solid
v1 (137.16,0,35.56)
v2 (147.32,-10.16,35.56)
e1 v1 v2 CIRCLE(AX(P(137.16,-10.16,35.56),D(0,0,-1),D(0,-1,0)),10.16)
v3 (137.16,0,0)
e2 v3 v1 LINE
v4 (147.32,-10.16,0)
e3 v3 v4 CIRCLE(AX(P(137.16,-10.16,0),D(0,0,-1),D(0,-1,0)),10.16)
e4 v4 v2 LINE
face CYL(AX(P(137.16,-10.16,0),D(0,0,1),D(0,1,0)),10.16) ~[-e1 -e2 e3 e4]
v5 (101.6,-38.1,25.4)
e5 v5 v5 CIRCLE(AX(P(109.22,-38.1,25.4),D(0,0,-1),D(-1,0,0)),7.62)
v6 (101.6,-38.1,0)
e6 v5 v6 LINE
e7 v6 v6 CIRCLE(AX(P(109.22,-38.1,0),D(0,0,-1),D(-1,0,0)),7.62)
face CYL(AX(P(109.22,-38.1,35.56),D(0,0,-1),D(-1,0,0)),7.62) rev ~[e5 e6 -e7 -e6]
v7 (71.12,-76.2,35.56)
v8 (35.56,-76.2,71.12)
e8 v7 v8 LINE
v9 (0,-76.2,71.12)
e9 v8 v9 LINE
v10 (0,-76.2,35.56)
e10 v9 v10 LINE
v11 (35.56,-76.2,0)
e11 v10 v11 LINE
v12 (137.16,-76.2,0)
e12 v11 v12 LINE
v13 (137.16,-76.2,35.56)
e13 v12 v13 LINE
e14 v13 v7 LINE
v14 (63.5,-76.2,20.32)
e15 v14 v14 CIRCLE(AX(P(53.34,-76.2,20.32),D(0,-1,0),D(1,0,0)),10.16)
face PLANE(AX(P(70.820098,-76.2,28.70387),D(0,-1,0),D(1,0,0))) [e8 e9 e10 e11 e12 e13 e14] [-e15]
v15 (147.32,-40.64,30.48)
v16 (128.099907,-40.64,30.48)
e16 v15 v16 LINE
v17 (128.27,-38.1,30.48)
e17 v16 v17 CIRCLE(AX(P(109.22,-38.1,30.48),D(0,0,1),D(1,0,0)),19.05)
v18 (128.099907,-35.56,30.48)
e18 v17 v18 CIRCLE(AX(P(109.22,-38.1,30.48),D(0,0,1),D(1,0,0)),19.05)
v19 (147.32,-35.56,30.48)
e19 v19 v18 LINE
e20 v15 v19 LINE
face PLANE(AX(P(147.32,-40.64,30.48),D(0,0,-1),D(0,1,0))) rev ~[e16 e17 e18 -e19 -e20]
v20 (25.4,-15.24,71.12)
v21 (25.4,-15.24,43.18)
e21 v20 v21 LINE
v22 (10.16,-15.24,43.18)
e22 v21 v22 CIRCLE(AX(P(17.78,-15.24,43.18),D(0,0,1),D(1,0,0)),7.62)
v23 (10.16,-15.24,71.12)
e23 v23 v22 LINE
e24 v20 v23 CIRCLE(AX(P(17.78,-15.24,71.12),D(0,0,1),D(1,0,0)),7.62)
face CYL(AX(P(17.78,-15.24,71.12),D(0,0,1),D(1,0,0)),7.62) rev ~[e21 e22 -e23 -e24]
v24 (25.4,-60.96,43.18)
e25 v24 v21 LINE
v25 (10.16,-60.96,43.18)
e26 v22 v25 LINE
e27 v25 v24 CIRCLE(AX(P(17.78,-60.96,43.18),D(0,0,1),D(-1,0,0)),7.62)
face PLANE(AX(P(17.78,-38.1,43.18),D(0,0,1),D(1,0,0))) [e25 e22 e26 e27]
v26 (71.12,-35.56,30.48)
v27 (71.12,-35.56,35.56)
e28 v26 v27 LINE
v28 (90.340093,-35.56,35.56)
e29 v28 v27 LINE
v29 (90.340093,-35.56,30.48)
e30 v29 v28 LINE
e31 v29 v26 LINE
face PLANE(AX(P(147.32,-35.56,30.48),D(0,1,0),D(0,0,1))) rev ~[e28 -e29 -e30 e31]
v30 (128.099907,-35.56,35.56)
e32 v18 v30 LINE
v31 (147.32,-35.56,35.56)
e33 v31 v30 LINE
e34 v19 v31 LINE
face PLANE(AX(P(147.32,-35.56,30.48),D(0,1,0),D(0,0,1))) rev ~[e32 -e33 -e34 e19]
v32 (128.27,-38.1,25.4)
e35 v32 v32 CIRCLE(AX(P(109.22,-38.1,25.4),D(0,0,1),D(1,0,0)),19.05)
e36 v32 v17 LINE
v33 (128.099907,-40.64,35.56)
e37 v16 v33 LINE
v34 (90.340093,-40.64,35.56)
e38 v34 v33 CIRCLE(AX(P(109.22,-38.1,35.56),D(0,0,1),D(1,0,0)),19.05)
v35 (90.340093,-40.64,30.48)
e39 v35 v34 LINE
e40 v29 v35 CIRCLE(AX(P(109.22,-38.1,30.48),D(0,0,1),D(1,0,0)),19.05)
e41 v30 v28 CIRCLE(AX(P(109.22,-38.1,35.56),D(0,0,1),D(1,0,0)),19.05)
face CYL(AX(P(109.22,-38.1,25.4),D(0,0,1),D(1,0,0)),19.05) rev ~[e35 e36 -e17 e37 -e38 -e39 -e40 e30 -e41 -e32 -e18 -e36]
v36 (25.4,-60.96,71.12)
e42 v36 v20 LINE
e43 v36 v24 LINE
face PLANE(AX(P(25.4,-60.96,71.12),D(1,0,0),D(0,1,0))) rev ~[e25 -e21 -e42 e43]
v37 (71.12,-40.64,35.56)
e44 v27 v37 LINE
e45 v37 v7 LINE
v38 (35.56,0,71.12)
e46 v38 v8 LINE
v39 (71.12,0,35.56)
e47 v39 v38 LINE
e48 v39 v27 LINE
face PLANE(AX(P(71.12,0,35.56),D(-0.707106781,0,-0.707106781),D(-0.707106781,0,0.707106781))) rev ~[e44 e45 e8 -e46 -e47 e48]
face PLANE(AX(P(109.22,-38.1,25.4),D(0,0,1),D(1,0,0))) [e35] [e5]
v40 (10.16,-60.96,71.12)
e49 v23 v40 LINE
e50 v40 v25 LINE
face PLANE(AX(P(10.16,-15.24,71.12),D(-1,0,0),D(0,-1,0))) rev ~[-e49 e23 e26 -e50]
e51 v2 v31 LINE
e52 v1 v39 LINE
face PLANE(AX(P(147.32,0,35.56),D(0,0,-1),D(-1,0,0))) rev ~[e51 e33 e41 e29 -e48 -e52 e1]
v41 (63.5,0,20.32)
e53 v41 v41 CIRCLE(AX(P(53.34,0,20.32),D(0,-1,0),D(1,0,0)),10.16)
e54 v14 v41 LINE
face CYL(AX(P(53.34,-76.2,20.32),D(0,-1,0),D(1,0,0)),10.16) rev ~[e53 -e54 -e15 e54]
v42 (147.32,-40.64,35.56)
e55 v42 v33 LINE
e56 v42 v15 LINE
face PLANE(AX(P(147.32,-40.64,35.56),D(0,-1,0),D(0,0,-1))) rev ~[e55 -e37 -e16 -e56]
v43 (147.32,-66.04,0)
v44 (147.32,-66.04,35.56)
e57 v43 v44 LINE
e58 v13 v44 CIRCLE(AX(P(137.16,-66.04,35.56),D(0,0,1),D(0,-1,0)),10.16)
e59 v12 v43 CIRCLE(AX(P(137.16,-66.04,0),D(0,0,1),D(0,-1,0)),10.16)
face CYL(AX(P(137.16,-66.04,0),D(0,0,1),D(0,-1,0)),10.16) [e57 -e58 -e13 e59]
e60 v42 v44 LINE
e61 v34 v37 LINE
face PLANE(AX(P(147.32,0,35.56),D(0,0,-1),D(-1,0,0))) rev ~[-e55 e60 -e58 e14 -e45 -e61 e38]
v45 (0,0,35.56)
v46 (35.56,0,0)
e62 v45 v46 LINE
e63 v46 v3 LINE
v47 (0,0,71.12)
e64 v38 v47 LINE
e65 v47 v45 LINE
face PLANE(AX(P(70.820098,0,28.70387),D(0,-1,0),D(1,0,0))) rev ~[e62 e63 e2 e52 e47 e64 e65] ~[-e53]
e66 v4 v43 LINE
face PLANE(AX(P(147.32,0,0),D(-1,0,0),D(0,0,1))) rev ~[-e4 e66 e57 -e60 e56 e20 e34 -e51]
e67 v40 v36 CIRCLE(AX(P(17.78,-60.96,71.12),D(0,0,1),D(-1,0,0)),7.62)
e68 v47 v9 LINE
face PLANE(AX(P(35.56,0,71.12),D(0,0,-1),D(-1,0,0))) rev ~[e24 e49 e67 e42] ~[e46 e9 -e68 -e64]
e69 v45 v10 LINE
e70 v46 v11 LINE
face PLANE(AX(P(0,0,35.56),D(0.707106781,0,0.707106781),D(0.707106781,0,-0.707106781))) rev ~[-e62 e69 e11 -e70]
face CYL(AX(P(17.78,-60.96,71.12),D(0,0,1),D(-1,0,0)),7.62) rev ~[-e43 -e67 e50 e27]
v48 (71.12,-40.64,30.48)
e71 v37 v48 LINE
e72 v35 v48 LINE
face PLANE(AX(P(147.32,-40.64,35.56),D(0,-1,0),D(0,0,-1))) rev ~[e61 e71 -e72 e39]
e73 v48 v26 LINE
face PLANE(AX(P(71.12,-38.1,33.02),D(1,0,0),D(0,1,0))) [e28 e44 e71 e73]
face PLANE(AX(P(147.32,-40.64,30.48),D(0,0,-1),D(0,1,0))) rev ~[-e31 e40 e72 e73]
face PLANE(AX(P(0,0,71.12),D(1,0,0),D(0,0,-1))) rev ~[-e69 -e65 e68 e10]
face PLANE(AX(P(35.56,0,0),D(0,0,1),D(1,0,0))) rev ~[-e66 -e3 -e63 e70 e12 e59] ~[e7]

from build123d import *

# Parameters (mm, degrees)
F1_DEPTH       = 76.2
F2_R           = 10.16
F3_DEPTH       = 76.201
F5_DEPTH       = 27.94
F7_D           = 15.24
F7_CBORE_D     = 38.1
F7_CBORE_DEPTH = 10.16
F9_DEPTH       = 76.2
F10_R          = 10.16


with BuildPart() as f1:
    # F0 (on Front) → F1 (new body)
    with BuildSketch(Plane.XZ):
        Polygon((0, 71.12), (0, 35.56), (35.56, 0), (147.32, 0), (147.32, 35.56), (71.12, 35.56), (35.56, 71.12), align=None)
    extrude(amount=F1_DEPTH)

    # F2 (on face) → F3 (cut, through all)
    with BuildSketch(Plane.XZ.offset(76.2)):
        with Locations((53.34, 20.32)):
            Circle(F2_R)
    extrude(amount=-F3_DEPTH, mode=Mode.SUBTRACT)

    # F4 (on face) → F5 (cut)
    with BuildSketch(Plane.XY.offset(71.12)):
        with BuildLine():
            ThreePointArc((25.4, -15.24), (17.78, -7.62), (10.16, -15.24))
            Line((10.16, -15.24), (10.16, -60.96))
            ThreePointArc((10.16, -60.96), (17.78, -68.58), (25.4, -60.96))
            Line((25.4, -60.96), (25.4, -15.24))
        make_face()
    extrude(amount=-F5_DEPTH, mode=Mode.SUBTRACT)

    # F7 (through all)
    with Locations(Plane.XY.offset(35.56)):
        with Locations((109.22, -38.1)):
            CounterBoreHole(F7_D / 2, F7_CBORE_D / 2, F7_CBORE_DEPTH)

    # F8 (on face) → F9 (cut)
    with BuildSketch(Plane.YZ.offset(147.32)):
        Polygon((-35.56, 35.56), (-38.1, 35.56), (-40.64, 35.56), (-40.64, 30.48), (-35.56, 30.48), align=None)
    extrude(amount=-F9_DEPTH, mode=Mode.SUBTRACT)

    # F10
    f10_edges = [f1.edges().sort_by_distance(p)[0] for p in [
        (147.32, 0, 17.78),
        (147.32, -76.2, 17.78),
    ]]
    fillet(f10_edges, radius=F10_R)


solid = f1.part
